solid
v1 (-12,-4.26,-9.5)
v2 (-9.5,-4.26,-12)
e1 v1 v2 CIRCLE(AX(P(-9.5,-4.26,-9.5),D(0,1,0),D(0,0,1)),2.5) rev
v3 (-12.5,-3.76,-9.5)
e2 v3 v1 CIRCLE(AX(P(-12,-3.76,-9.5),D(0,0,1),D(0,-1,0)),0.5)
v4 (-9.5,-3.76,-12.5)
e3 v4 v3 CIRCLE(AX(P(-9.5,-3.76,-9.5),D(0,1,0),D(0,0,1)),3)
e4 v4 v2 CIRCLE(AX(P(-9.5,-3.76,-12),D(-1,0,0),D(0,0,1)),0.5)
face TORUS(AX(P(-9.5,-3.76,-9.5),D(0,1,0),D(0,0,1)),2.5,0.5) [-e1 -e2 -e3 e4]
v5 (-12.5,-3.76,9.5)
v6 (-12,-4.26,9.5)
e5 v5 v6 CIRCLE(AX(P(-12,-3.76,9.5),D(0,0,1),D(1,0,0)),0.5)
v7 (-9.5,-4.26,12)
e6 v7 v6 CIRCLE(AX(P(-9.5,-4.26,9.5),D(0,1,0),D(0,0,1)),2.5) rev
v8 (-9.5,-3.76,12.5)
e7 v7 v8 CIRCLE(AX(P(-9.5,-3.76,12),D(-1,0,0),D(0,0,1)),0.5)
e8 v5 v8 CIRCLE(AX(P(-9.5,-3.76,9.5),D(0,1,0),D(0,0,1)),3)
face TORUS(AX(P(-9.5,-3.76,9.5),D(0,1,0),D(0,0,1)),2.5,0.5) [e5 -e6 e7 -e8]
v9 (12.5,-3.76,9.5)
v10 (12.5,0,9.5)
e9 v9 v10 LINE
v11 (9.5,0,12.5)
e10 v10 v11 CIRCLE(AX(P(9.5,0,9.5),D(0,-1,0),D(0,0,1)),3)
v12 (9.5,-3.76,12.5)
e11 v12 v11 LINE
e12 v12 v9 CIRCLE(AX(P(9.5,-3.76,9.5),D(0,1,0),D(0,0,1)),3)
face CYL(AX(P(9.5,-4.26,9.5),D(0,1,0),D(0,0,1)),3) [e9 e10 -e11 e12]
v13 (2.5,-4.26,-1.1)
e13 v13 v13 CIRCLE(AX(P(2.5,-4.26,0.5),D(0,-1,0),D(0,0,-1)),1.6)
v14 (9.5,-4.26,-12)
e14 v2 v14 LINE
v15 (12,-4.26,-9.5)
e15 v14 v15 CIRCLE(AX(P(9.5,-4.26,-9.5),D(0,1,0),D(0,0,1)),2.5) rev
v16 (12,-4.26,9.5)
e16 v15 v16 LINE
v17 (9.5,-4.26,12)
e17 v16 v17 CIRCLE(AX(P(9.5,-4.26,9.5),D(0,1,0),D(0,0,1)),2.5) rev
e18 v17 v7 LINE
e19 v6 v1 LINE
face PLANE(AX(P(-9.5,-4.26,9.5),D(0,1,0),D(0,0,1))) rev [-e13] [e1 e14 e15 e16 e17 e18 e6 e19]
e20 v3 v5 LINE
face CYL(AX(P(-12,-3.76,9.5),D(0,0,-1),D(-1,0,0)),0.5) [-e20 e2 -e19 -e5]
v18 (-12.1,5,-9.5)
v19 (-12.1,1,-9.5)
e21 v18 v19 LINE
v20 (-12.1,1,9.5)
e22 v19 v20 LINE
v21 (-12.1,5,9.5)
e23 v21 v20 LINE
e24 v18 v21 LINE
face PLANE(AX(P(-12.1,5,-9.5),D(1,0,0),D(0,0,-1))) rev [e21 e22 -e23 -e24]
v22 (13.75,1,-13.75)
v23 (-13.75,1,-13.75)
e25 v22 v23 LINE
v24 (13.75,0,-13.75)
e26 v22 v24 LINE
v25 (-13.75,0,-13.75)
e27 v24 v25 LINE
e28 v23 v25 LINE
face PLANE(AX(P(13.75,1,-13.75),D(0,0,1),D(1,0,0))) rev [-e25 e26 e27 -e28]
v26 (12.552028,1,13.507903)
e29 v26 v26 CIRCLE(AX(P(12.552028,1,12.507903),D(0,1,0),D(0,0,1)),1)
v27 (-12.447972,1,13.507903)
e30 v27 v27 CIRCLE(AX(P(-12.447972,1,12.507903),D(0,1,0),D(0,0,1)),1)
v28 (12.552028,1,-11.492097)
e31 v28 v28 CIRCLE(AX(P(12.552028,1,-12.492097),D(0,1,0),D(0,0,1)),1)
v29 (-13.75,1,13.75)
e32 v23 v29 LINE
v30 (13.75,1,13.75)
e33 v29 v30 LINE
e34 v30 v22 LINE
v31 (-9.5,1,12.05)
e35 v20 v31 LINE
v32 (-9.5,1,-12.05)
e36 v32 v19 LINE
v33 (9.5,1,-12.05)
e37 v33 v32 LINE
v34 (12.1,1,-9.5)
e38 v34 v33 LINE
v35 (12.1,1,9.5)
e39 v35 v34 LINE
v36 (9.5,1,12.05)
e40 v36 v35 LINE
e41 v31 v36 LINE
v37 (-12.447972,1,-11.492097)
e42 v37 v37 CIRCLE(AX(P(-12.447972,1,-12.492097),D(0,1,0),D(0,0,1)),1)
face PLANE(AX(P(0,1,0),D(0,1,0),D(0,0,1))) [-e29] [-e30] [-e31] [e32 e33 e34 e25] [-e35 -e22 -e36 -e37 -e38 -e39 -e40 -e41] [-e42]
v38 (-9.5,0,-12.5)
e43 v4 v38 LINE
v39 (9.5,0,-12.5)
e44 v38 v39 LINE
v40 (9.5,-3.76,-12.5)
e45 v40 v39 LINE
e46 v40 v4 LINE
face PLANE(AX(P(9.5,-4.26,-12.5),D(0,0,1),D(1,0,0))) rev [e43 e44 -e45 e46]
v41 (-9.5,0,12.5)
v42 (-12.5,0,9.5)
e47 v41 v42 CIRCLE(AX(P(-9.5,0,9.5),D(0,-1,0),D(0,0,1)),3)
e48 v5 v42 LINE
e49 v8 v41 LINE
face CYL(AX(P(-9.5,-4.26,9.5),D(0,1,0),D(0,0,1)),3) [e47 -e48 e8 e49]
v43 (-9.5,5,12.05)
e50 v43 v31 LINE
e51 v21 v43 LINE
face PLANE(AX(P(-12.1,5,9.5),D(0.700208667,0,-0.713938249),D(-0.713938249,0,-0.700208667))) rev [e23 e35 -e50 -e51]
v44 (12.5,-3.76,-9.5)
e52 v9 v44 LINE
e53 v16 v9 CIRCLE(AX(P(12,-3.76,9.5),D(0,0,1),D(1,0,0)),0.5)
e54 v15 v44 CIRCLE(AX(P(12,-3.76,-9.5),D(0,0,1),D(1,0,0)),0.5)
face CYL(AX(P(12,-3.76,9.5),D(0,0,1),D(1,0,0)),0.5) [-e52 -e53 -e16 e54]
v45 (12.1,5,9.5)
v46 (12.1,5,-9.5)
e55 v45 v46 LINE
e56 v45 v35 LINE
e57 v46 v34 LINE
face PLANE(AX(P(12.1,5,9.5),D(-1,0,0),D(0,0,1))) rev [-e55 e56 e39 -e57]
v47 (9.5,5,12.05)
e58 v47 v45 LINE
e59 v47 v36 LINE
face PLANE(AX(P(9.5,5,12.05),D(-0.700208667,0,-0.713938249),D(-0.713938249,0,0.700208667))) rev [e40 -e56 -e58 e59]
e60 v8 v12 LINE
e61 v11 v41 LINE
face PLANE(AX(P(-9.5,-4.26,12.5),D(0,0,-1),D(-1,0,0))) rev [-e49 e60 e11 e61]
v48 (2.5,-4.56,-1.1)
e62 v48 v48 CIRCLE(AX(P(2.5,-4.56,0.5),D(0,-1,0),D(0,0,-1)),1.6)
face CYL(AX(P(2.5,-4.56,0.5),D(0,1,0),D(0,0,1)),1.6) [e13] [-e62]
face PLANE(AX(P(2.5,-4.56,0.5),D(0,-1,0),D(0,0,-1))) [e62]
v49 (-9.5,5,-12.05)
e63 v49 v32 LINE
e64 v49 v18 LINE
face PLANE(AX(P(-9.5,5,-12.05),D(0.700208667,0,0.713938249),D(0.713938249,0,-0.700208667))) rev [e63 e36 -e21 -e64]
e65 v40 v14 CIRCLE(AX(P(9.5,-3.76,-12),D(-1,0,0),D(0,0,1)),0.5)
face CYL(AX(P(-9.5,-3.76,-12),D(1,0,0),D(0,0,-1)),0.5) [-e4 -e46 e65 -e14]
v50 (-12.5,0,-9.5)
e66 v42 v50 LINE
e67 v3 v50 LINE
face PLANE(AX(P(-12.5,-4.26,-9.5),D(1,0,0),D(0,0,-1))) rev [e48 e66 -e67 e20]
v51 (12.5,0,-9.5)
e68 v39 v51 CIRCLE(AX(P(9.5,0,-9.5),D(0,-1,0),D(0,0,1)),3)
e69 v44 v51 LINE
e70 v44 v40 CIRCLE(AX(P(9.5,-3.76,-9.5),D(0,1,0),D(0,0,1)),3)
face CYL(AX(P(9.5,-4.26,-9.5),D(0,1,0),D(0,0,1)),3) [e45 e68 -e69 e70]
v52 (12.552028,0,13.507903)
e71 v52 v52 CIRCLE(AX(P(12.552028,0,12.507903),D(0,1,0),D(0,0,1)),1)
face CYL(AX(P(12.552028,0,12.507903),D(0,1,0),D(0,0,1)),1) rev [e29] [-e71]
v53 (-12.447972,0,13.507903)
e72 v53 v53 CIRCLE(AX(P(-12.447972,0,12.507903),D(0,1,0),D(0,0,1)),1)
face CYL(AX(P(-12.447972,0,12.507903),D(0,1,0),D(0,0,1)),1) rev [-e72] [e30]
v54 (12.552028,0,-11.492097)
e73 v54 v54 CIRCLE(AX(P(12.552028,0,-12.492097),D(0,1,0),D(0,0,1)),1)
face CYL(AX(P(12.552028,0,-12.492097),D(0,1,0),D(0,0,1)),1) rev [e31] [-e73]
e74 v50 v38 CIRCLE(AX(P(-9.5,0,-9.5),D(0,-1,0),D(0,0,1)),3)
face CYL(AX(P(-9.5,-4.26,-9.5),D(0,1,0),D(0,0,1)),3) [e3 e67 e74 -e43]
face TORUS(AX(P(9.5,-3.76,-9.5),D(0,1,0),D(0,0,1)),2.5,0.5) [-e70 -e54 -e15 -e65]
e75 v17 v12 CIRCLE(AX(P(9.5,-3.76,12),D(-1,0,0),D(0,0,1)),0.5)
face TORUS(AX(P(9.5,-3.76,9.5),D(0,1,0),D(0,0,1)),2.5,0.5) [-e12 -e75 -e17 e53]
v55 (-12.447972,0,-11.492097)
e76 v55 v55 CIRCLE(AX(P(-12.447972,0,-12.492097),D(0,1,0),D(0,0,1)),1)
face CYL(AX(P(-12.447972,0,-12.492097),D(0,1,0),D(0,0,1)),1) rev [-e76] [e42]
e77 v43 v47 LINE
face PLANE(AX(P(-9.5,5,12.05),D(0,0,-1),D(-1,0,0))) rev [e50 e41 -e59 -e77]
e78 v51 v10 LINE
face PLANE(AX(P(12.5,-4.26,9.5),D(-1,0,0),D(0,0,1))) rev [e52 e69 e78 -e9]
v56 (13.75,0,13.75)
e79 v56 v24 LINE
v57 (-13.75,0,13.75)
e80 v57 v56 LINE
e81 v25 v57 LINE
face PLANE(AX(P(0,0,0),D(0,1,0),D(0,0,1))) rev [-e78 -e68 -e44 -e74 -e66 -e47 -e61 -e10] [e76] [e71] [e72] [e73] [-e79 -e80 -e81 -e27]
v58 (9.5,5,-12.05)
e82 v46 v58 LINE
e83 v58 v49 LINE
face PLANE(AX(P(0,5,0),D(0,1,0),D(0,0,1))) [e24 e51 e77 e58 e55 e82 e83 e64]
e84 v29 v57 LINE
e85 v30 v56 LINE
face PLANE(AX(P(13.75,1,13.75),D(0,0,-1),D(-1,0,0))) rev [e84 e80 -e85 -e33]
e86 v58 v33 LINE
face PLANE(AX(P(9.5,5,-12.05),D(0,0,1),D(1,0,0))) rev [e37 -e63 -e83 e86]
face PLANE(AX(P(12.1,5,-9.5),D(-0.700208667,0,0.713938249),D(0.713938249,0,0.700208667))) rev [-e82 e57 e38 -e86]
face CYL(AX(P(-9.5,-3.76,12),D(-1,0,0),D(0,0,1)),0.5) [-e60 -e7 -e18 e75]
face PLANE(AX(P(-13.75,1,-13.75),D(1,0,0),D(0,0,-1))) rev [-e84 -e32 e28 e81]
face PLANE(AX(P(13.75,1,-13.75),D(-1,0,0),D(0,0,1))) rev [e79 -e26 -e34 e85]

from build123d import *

# Parameters (mm, degrees)
SKETCH_1_W          = 27.5
SKETCH_1_H          = 27.5
EXTRUDE_1_DEPTH     = 1
SKETCH_2_R          = 1
CUT_EXTRUDE_1_DEPTH = 1
EXTRUDE_2_DEPTH     = 4
EXTRUDE_3_DEPTH     = 4.26
SKETCH_5_R          = 1.6
EXTRUDE_4_DEPTH     = 0.3
FILLET_1_R          = 0.5


with BuildPart() as part:
    # 草图1 → 凸台-拉伸1 (new body)
    with BuildSketch(Plane(origin=(0, 0, 0), x_dir=(1, 0, 0), z_dir=(0, 1, 0))):
        Rectangle(SKETCH_1_W, SKETCH_1_H)
    extrude(amount=EXTRUDE_1_DEPTH)

    # 草图2 → 切除-拉伸1 (cut)
    with BuildSketch(Plane(origin=(0, 1, 0), x_dir=(1, 0, 0), z_dir=(0, 1, 0))):
        with Locations(Location((-12.447971734, 12.492096903, 0), (0, 0, 270))):
            Circle(SKETCH_2_R)
        with Locations(Location((12.552028266, 12.492096903, 0), (0, 0, 270))):
            Circle(SKETCH_2_R)
        with Locations(Location((12.552028266, -12.507903097, 0), (0, 0, 270))):
            Circle(SKETCH_2_R)
        with Locations(Location((-12.447971734, -12.507903097, 0), (0, 0, 270))):
            Circle(SKETCH_2_R)
    extrude(amount=-CUT_EXTRUDE_1_DEPTH, mode=Mode.SUBTRACT)

    # 草图3 → 凸台-拉伸2 (add)
    with BuildSketch(Plane(origin=(0, 1, 0), x_dir=(1, 0, 0), z_dir=(0, 1, 0))):
        Polygon((-9.5, 12.05), (-12.1, 9.5), (-12.1, -9.5), (-9.5, -12.05), (9.5, -12.05), (12.1, -9.5), (12.1, 9.5), (9.5, 12.05), align=None)
    extrude(amount=EXTRUDE_2_DEPTH)

    # 草图4 → 凸台-拉伸3 (add)
    with BuildSketch(Plane.XZ):
        with BuildLine():
            Line((-9.5, 12.5), (9.5, 12.5))
            ThreePointArc((9.5, 12.5), (11.621320344, 11.621320344), (12.5, 9.5))
            Line((12.5, 9.5), (12.5, -9.5))
            ThreePointArc((12.5, -9.5), (11.621320344, -11.621320344), (9.5, -12.5))
            Line((9.5, -12.5), (-9.5, -12.5))
            ThreePointArc((-9.5, -12.5), (-11.621320344, -11.621320344), (-12.5, -9.5))
            Line((-12.5, -9.5), (-12.5, 9.5))
            ThreePointArc((-12.5, 9.5), (-11.621320344, 11.621320344), (-9.5, 12.5))
        make_face()
    extrude(amount=EXTRUDE_3_DEPTH)

    # 草图5 → 凸台-拉伸4 (add)
    with BuildSketch(Plane.XZ.offset(4.26)):
        with Locations(Location((2.5, 0.5, 0), (0, 0, 270))):
            Circle(SKETCH_5_R)
    extrude(amount=EXTRUDE_4_DEPTH)

    # 圆角1
    fillet_1_edges = [part.edges().sort_by_distance(p)[0] for p in [
        (-11.621320344, -4.26, 11.621320344),
        (-12.5, -4.26, 0),
        (-11.621320344, -4.26, -11.621320344),
        (0, -4.26, -12.5),
        (11.621320344, -4.26, -11.621320344),
        (12.5, -4.26, 0),
        (11.621320344, -4.26, 11.621320344),
        (0, -4.26, 12.5),
    ]]
    fillet(fillet_1_edges, radius=FILLET_1_R)


solid = part.part
